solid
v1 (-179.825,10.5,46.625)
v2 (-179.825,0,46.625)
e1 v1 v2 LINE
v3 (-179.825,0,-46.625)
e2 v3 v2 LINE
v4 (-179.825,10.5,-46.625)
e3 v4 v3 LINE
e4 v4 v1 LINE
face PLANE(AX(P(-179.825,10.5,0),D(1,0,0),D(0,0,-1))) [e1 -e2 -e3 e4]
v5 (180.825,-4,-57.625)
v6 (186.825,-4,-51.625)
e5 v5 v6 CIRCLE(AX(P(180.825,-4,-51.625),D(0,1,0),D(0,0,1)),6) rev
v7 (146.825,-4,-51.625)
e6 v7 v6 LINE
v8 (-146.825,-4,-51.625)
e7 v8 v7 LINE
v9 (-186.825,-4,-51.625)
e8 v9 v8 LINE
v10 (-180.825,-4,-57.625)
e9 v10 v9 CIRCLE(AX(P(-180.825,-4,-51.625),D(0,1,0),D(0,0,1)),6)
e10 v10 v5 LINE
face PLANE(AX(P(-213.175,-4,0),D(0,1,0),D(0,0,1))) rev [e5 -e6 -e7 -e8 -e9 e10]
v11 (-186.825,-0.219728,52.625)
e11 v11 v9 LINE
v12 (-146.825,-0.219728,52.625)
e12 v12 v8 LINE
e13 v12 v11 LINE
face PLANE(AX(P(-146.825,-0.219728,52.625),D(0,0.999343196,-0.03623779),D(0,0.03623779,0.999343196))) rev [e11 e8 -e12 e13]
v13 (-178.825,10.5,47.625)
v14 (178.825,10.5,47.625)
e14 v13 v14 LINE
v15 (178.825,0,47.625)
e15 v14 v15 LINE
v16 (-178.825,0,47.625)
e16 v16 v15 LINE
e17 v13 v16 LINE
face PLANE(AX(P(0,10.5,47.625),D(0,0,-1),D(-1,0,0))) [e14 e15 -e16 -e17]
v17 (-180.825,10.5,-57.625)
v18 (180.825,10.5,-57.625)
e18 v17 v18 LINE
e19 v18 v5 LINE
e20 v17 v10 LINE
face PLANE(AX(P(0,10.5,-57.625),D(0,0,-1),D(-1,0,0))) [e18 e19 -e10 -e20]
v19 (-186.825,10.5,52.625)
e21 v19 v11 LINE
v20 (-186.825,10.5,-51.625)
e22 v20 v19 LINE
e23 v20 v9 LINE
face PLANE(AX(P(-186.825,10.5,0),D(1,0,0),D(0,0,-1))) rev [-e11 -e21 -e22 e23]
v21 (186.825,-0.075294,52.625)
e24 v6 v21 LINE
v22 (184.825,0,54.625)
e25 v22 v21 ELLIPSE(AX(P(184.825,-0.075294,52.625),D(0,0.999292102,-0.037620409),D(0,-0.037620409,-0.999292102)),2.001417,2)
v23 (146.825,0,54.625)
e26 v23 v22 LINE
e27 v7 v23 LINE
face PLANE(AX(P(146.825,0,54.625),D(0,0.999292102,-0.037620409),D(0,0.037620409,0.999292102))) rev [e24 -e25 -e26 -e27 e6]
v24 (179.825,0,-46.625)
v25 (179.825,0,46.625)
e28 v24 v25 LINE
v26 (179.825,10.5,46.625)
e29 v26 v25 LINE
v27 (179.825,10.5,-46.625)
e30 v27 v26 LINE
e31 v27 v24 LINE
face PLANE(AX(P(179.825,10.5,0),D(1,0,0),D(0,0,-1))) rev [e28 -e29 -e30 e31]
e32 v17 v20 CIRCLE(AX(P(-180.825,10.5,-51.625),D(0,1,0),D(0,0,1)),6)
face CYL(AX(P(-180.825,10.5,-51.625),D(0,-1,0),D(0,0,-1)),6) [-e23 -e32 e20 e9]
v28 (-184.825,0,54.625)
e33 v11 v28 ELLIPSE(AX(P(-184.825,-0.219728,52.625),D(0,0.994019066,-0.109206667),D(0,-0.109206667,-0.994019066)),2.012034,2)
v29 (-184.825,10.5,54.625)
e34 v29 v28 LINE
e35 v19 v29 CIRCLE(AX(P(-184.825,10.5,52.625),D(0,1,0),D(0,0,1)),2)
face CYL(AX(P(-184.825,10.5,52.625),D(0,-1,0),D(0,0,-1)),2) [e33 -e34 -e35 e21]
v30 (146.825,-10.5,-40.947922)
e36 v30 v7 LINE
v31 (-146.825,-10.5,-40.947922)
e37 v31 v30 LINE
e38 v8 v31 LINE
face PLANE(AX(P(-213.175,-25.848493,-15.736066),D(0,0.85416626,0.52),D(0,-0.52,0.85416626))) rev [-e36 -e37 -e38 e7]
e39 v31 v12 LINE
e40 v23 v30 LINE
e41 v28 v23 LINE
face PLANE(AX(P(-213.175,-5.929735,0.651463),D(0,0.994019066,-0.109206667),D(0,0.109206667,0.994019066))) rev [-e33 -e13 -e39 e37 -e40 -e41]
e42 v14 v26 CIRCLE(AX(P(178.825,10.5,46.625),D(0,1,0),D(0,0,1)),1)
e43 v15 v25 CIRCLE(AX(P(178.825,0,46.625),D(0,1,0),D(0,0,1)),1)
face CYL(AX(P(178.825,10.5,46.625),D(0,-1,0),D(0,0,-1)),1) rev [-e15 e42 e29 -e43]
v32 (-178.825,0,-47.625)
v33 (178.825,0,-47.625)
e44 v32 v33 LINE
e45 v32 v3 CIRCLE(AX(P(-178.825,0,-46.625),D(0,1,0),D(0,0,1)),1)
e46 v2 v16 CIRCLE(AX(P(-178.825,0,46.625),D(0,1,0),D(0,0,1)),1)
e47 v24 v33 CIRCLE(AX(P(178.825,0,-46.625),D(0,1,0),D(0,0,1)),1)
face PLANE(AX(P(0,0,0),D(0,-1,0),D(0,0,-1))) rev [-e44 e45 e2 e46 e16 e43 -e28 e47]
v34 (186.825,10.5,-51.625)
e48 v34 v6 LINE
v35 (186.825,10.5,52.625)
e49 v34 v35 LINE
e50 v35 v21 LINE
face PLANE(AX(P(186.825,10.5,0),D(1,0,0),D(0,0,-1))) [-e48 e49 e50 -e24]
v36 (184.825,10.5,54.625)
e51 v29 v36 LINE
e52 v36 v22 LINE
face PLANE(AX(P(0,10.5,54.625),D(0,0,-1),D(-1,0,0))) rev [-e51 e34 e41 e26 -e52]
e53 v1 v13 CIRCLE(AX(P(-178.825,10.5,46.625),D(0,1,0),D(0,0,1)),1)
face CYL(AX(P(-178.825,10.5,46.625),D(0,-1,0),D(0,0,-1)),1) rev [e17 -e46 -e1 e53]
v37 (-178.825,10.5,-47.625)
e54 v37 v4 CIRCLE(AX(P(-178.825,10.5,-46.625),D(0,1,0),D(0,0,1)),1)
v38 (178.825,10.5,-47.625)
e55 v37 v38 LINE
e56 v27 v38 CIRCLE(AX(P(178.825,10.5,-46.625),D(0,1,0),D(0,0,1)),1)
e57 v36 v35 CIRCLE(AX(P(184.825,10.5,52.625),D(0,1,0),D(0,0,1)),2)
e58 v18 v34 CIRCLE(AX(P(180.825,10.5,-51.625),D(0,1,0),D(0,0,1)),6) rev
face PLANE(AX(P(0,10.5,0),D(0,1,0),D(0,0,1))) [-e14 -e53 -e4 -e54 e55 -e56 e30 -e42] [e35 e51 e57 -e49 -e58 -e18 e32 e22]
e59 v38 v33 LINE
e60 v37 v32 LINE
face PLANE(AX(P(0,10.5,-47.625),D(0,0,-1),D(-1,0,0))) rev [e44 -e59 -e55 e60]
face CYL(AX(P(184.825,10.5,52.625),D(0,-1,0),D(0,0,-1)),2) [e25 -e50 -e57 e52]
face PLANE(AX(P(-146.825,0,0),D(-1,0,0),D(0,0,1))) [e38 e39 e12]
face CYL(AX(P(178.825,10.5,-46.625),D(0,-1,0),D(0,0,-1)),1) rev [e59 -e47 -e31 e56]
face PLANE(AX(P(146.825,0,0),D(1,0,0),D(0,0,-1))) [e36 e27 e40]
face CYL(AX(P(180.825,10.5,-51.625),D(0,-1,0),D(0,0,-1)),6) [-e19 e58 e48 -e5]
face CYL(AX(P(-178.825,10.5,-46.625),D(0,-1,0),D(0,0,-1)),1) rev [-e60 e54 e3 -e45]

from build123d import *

# Parameters (mm, degrees)
BOSS_EXTRUDE1_DEPTH = 10.5
BOSS_EXTRUDE3_START = 10.5
BOSS_EXTRUDE3_DEPTH = 10.5
SKETCH5_W           = 6
SKETCH5_H           = 6.5
CUT_EXTRUDE1_DEPTH  = 400
CUT_EXTRUDE2_DEPTH  = 40
CUT_EXTRUDE3_DEPTH  = 40


with BuildPart() as part:
    # Sketch2 → Boss-Extrude1 (new body)
    with BuildSketch(Plane(origin=(0, 0, 0), x_dir=(1, 0, 0), z_dir=(0, 1, 0))):
        with BuildLine():
            Line((-186.825, 51.625), (-186.825, -52.625))
            ThreePointArc((-186.825, -52.625), (-186.239213562, -54.039213562), (-184.825, -54.625))
            Line((-184.825, -54.625), (184.825, -54.625))
            ThreePointArc((184.825, -54.625), (186.239213562, -54.039213562), (186.825, -52.625))
            Line((186.825, -52.625), (186.825, 51.625))
            ThreePointArc((186.825, 51.625), (185.067640687, 55.867640687), (180.825, 57.625))
            Line((180.825, 57.625), (-180.825, 57.625))
            ThreePointArc((-180.825, 57.625), (-185.067640687, 55.867640687), (-186.825, 51.625))
        make_face()
        with BuildLine():
            ThreePointArc((-178.825, 47.625), (-179.532106781, 47.332106781), (-179.825, 46.625))
            Line((-179.825, 46.625), (-179.825, -46.625))
            ThreePointArc((-179.825, -46.625), (-179.532106781, -47.332106781), (-178.825, -47.625))
            Line((-178.825, -47.625), (178.825, -47.625))
            ThreePointArc((178.825, -47.625), (179.532106781, -47.332106781), (179.825, -46.625))
            Line((179.825, -46.625), (179.825, 46.625))
            ThreePointArc((179.825, 46.625), (179.532106781, 47.332106781), (178.825, 47.625))
            Line((178.825, 47.625), (-178.825, 47.625))
        make_face(mode=Mode.SUBTRACT)
    extrude(amount=BOSS_EXTRUDE1_DEPTH)

    # Sketch4 → Boss-Extrude3 (add)
    # profile 1 of 2: a face of its own
    with BuildSketch(Plane.XZ.offset(BOSS_EXTRUDE3_START)):
        with BuildLine():
            ThreePointArc((-184.825, 54.625), (-186.239213562, 54.039213562), (-186.825, 52.625))
            Line((-186.825, 52.625), (-186.825, -51.625))
            ThreePointArc((-186.825, -51.625), (-185.067640687, -55.867640687), (-180.825, -57.625))
            Line((-180.825, -57.625), (180.825, -57.625))
            ThreePointArc((180.825, -57.625), (185.067640687, -55.867640687), (186.825, -51.625))
            Line((186.825, -51.625), (186.825, 52.625))
            ThreePointArc((186.825, 52.625), (186.239213562, 54.039213562), (184.825, 54.625))
            Line((184.825, 54.625), (-184.825, 54.625))
        make_face()
        with BuildLine():
            Line((178.825, -47.625), (-178.825, -47.625))
            ThreePointArc((-178.825, -47.625), (-179.532106781, -47.332106781), (-179.825, -46.625))
            Line((-179.825, -46.625), (-179.825, 46.625))
            ThreePointArc((-179.825, 46.625), (-179.532106781, 47.332106781), (-178.825, 47.625))
            Line((-178.825, 47.625), (178.825, 47.625))
            ThreePointArc((178.825, 47.625), (179.532106781, 47.332106781), (179.825, 46.625))
            Line((179.825, 46.625), (179.825, -46.625))
            ThreePointArc((179.825, -46.625), (179.532106781, -47.332106781), (178.825, -47.625))
        make_face(mode=Mode.SUBTRACT)
    # profile 2 of 2: a face of its own
    with BuildSketch(Plane.XZ.offset(BOSS_EXTRUDE3_START)):
        with BuildLine():
            ThreePointArc((-178.825, -47.625), (-179.532106781, -47.332106781), (-179.825, -46.625))
            Line((-179.825, -46.625), (-179.825, 46.625))
            ThreePointArc((-179.825, 46.625), (-179.532106781, 47.332106781), (-178.825, 47.625))
            Line((-178.825, 47.625), (178.825, 47.625))
            ThreePointArc((178.825, 47.625), (179.532106781, 47.332106781), (179.825, 46.625))
            Line((179.825, 46.625), (179.825, -46.625))
            ThreePointArc((179.825, -46.625), (179.532106781, -47.332106781), (178.825, -47.625))
            Line((178.825, -47.625), (-178.825, -47.625))
        make_face()
    extrude(amount=-BOSS_EXTRUDE3_DEPTH)

    # Sketch5 → Cut-Extrude1 (cut)
    with BuildSketch(Plane(origin=(186.825, 0, 0), x_dir=(0, 0, -1), z_dir=(1, 0, 0))):
        Polygon((-52.625, -10.5), (-52.625, -0.219727509), (-54.625, 0), (-54.625, -10.5), align=None)
        Polygon((-52.625, -10.5), (40.947921748, -10.5), (-52.625, -0.219727509), align=None)
        Polygon((51.625, -10.5), (51.625, -4), (40.947921748, -10.5), align=None)
        with Locations((54.625, -7.25)):
            Rectangle(SKETCH5_W, SKETCH5_H)
    extrude(amount=-CUT_EXTRUDE1_DEPTH, mode=Mode.SUBTRACT)

    # Sketch6 → Cut-Extrude2 (cut)
    with BuildSketch(Plane(origin=(186.825, 0, 0), x_dir=(0, 0, -1), z_dir=(1, 0, 0))):
        Polygon((-54.625, 0), (51.625, -4), (40.947921748, -10.5), align=None)
    extrude(amount=-CUT_EXTRUDE2_DEPTH, mode=Mode.SUBTRACT)

    # Sketch7 → Cut-Extrude3 (cut)
    with BuildSketch(Plane.ZY.offset(186.825)):
        Polygon((-51.625, -4), (-40.947921748, -10.5), (52.625, -0.219727509), align=None)
    extrude(amount=-CUT_EXTRUDE3_DEPTH, mode=Mode.SUBTRACT)


solid = part.part
